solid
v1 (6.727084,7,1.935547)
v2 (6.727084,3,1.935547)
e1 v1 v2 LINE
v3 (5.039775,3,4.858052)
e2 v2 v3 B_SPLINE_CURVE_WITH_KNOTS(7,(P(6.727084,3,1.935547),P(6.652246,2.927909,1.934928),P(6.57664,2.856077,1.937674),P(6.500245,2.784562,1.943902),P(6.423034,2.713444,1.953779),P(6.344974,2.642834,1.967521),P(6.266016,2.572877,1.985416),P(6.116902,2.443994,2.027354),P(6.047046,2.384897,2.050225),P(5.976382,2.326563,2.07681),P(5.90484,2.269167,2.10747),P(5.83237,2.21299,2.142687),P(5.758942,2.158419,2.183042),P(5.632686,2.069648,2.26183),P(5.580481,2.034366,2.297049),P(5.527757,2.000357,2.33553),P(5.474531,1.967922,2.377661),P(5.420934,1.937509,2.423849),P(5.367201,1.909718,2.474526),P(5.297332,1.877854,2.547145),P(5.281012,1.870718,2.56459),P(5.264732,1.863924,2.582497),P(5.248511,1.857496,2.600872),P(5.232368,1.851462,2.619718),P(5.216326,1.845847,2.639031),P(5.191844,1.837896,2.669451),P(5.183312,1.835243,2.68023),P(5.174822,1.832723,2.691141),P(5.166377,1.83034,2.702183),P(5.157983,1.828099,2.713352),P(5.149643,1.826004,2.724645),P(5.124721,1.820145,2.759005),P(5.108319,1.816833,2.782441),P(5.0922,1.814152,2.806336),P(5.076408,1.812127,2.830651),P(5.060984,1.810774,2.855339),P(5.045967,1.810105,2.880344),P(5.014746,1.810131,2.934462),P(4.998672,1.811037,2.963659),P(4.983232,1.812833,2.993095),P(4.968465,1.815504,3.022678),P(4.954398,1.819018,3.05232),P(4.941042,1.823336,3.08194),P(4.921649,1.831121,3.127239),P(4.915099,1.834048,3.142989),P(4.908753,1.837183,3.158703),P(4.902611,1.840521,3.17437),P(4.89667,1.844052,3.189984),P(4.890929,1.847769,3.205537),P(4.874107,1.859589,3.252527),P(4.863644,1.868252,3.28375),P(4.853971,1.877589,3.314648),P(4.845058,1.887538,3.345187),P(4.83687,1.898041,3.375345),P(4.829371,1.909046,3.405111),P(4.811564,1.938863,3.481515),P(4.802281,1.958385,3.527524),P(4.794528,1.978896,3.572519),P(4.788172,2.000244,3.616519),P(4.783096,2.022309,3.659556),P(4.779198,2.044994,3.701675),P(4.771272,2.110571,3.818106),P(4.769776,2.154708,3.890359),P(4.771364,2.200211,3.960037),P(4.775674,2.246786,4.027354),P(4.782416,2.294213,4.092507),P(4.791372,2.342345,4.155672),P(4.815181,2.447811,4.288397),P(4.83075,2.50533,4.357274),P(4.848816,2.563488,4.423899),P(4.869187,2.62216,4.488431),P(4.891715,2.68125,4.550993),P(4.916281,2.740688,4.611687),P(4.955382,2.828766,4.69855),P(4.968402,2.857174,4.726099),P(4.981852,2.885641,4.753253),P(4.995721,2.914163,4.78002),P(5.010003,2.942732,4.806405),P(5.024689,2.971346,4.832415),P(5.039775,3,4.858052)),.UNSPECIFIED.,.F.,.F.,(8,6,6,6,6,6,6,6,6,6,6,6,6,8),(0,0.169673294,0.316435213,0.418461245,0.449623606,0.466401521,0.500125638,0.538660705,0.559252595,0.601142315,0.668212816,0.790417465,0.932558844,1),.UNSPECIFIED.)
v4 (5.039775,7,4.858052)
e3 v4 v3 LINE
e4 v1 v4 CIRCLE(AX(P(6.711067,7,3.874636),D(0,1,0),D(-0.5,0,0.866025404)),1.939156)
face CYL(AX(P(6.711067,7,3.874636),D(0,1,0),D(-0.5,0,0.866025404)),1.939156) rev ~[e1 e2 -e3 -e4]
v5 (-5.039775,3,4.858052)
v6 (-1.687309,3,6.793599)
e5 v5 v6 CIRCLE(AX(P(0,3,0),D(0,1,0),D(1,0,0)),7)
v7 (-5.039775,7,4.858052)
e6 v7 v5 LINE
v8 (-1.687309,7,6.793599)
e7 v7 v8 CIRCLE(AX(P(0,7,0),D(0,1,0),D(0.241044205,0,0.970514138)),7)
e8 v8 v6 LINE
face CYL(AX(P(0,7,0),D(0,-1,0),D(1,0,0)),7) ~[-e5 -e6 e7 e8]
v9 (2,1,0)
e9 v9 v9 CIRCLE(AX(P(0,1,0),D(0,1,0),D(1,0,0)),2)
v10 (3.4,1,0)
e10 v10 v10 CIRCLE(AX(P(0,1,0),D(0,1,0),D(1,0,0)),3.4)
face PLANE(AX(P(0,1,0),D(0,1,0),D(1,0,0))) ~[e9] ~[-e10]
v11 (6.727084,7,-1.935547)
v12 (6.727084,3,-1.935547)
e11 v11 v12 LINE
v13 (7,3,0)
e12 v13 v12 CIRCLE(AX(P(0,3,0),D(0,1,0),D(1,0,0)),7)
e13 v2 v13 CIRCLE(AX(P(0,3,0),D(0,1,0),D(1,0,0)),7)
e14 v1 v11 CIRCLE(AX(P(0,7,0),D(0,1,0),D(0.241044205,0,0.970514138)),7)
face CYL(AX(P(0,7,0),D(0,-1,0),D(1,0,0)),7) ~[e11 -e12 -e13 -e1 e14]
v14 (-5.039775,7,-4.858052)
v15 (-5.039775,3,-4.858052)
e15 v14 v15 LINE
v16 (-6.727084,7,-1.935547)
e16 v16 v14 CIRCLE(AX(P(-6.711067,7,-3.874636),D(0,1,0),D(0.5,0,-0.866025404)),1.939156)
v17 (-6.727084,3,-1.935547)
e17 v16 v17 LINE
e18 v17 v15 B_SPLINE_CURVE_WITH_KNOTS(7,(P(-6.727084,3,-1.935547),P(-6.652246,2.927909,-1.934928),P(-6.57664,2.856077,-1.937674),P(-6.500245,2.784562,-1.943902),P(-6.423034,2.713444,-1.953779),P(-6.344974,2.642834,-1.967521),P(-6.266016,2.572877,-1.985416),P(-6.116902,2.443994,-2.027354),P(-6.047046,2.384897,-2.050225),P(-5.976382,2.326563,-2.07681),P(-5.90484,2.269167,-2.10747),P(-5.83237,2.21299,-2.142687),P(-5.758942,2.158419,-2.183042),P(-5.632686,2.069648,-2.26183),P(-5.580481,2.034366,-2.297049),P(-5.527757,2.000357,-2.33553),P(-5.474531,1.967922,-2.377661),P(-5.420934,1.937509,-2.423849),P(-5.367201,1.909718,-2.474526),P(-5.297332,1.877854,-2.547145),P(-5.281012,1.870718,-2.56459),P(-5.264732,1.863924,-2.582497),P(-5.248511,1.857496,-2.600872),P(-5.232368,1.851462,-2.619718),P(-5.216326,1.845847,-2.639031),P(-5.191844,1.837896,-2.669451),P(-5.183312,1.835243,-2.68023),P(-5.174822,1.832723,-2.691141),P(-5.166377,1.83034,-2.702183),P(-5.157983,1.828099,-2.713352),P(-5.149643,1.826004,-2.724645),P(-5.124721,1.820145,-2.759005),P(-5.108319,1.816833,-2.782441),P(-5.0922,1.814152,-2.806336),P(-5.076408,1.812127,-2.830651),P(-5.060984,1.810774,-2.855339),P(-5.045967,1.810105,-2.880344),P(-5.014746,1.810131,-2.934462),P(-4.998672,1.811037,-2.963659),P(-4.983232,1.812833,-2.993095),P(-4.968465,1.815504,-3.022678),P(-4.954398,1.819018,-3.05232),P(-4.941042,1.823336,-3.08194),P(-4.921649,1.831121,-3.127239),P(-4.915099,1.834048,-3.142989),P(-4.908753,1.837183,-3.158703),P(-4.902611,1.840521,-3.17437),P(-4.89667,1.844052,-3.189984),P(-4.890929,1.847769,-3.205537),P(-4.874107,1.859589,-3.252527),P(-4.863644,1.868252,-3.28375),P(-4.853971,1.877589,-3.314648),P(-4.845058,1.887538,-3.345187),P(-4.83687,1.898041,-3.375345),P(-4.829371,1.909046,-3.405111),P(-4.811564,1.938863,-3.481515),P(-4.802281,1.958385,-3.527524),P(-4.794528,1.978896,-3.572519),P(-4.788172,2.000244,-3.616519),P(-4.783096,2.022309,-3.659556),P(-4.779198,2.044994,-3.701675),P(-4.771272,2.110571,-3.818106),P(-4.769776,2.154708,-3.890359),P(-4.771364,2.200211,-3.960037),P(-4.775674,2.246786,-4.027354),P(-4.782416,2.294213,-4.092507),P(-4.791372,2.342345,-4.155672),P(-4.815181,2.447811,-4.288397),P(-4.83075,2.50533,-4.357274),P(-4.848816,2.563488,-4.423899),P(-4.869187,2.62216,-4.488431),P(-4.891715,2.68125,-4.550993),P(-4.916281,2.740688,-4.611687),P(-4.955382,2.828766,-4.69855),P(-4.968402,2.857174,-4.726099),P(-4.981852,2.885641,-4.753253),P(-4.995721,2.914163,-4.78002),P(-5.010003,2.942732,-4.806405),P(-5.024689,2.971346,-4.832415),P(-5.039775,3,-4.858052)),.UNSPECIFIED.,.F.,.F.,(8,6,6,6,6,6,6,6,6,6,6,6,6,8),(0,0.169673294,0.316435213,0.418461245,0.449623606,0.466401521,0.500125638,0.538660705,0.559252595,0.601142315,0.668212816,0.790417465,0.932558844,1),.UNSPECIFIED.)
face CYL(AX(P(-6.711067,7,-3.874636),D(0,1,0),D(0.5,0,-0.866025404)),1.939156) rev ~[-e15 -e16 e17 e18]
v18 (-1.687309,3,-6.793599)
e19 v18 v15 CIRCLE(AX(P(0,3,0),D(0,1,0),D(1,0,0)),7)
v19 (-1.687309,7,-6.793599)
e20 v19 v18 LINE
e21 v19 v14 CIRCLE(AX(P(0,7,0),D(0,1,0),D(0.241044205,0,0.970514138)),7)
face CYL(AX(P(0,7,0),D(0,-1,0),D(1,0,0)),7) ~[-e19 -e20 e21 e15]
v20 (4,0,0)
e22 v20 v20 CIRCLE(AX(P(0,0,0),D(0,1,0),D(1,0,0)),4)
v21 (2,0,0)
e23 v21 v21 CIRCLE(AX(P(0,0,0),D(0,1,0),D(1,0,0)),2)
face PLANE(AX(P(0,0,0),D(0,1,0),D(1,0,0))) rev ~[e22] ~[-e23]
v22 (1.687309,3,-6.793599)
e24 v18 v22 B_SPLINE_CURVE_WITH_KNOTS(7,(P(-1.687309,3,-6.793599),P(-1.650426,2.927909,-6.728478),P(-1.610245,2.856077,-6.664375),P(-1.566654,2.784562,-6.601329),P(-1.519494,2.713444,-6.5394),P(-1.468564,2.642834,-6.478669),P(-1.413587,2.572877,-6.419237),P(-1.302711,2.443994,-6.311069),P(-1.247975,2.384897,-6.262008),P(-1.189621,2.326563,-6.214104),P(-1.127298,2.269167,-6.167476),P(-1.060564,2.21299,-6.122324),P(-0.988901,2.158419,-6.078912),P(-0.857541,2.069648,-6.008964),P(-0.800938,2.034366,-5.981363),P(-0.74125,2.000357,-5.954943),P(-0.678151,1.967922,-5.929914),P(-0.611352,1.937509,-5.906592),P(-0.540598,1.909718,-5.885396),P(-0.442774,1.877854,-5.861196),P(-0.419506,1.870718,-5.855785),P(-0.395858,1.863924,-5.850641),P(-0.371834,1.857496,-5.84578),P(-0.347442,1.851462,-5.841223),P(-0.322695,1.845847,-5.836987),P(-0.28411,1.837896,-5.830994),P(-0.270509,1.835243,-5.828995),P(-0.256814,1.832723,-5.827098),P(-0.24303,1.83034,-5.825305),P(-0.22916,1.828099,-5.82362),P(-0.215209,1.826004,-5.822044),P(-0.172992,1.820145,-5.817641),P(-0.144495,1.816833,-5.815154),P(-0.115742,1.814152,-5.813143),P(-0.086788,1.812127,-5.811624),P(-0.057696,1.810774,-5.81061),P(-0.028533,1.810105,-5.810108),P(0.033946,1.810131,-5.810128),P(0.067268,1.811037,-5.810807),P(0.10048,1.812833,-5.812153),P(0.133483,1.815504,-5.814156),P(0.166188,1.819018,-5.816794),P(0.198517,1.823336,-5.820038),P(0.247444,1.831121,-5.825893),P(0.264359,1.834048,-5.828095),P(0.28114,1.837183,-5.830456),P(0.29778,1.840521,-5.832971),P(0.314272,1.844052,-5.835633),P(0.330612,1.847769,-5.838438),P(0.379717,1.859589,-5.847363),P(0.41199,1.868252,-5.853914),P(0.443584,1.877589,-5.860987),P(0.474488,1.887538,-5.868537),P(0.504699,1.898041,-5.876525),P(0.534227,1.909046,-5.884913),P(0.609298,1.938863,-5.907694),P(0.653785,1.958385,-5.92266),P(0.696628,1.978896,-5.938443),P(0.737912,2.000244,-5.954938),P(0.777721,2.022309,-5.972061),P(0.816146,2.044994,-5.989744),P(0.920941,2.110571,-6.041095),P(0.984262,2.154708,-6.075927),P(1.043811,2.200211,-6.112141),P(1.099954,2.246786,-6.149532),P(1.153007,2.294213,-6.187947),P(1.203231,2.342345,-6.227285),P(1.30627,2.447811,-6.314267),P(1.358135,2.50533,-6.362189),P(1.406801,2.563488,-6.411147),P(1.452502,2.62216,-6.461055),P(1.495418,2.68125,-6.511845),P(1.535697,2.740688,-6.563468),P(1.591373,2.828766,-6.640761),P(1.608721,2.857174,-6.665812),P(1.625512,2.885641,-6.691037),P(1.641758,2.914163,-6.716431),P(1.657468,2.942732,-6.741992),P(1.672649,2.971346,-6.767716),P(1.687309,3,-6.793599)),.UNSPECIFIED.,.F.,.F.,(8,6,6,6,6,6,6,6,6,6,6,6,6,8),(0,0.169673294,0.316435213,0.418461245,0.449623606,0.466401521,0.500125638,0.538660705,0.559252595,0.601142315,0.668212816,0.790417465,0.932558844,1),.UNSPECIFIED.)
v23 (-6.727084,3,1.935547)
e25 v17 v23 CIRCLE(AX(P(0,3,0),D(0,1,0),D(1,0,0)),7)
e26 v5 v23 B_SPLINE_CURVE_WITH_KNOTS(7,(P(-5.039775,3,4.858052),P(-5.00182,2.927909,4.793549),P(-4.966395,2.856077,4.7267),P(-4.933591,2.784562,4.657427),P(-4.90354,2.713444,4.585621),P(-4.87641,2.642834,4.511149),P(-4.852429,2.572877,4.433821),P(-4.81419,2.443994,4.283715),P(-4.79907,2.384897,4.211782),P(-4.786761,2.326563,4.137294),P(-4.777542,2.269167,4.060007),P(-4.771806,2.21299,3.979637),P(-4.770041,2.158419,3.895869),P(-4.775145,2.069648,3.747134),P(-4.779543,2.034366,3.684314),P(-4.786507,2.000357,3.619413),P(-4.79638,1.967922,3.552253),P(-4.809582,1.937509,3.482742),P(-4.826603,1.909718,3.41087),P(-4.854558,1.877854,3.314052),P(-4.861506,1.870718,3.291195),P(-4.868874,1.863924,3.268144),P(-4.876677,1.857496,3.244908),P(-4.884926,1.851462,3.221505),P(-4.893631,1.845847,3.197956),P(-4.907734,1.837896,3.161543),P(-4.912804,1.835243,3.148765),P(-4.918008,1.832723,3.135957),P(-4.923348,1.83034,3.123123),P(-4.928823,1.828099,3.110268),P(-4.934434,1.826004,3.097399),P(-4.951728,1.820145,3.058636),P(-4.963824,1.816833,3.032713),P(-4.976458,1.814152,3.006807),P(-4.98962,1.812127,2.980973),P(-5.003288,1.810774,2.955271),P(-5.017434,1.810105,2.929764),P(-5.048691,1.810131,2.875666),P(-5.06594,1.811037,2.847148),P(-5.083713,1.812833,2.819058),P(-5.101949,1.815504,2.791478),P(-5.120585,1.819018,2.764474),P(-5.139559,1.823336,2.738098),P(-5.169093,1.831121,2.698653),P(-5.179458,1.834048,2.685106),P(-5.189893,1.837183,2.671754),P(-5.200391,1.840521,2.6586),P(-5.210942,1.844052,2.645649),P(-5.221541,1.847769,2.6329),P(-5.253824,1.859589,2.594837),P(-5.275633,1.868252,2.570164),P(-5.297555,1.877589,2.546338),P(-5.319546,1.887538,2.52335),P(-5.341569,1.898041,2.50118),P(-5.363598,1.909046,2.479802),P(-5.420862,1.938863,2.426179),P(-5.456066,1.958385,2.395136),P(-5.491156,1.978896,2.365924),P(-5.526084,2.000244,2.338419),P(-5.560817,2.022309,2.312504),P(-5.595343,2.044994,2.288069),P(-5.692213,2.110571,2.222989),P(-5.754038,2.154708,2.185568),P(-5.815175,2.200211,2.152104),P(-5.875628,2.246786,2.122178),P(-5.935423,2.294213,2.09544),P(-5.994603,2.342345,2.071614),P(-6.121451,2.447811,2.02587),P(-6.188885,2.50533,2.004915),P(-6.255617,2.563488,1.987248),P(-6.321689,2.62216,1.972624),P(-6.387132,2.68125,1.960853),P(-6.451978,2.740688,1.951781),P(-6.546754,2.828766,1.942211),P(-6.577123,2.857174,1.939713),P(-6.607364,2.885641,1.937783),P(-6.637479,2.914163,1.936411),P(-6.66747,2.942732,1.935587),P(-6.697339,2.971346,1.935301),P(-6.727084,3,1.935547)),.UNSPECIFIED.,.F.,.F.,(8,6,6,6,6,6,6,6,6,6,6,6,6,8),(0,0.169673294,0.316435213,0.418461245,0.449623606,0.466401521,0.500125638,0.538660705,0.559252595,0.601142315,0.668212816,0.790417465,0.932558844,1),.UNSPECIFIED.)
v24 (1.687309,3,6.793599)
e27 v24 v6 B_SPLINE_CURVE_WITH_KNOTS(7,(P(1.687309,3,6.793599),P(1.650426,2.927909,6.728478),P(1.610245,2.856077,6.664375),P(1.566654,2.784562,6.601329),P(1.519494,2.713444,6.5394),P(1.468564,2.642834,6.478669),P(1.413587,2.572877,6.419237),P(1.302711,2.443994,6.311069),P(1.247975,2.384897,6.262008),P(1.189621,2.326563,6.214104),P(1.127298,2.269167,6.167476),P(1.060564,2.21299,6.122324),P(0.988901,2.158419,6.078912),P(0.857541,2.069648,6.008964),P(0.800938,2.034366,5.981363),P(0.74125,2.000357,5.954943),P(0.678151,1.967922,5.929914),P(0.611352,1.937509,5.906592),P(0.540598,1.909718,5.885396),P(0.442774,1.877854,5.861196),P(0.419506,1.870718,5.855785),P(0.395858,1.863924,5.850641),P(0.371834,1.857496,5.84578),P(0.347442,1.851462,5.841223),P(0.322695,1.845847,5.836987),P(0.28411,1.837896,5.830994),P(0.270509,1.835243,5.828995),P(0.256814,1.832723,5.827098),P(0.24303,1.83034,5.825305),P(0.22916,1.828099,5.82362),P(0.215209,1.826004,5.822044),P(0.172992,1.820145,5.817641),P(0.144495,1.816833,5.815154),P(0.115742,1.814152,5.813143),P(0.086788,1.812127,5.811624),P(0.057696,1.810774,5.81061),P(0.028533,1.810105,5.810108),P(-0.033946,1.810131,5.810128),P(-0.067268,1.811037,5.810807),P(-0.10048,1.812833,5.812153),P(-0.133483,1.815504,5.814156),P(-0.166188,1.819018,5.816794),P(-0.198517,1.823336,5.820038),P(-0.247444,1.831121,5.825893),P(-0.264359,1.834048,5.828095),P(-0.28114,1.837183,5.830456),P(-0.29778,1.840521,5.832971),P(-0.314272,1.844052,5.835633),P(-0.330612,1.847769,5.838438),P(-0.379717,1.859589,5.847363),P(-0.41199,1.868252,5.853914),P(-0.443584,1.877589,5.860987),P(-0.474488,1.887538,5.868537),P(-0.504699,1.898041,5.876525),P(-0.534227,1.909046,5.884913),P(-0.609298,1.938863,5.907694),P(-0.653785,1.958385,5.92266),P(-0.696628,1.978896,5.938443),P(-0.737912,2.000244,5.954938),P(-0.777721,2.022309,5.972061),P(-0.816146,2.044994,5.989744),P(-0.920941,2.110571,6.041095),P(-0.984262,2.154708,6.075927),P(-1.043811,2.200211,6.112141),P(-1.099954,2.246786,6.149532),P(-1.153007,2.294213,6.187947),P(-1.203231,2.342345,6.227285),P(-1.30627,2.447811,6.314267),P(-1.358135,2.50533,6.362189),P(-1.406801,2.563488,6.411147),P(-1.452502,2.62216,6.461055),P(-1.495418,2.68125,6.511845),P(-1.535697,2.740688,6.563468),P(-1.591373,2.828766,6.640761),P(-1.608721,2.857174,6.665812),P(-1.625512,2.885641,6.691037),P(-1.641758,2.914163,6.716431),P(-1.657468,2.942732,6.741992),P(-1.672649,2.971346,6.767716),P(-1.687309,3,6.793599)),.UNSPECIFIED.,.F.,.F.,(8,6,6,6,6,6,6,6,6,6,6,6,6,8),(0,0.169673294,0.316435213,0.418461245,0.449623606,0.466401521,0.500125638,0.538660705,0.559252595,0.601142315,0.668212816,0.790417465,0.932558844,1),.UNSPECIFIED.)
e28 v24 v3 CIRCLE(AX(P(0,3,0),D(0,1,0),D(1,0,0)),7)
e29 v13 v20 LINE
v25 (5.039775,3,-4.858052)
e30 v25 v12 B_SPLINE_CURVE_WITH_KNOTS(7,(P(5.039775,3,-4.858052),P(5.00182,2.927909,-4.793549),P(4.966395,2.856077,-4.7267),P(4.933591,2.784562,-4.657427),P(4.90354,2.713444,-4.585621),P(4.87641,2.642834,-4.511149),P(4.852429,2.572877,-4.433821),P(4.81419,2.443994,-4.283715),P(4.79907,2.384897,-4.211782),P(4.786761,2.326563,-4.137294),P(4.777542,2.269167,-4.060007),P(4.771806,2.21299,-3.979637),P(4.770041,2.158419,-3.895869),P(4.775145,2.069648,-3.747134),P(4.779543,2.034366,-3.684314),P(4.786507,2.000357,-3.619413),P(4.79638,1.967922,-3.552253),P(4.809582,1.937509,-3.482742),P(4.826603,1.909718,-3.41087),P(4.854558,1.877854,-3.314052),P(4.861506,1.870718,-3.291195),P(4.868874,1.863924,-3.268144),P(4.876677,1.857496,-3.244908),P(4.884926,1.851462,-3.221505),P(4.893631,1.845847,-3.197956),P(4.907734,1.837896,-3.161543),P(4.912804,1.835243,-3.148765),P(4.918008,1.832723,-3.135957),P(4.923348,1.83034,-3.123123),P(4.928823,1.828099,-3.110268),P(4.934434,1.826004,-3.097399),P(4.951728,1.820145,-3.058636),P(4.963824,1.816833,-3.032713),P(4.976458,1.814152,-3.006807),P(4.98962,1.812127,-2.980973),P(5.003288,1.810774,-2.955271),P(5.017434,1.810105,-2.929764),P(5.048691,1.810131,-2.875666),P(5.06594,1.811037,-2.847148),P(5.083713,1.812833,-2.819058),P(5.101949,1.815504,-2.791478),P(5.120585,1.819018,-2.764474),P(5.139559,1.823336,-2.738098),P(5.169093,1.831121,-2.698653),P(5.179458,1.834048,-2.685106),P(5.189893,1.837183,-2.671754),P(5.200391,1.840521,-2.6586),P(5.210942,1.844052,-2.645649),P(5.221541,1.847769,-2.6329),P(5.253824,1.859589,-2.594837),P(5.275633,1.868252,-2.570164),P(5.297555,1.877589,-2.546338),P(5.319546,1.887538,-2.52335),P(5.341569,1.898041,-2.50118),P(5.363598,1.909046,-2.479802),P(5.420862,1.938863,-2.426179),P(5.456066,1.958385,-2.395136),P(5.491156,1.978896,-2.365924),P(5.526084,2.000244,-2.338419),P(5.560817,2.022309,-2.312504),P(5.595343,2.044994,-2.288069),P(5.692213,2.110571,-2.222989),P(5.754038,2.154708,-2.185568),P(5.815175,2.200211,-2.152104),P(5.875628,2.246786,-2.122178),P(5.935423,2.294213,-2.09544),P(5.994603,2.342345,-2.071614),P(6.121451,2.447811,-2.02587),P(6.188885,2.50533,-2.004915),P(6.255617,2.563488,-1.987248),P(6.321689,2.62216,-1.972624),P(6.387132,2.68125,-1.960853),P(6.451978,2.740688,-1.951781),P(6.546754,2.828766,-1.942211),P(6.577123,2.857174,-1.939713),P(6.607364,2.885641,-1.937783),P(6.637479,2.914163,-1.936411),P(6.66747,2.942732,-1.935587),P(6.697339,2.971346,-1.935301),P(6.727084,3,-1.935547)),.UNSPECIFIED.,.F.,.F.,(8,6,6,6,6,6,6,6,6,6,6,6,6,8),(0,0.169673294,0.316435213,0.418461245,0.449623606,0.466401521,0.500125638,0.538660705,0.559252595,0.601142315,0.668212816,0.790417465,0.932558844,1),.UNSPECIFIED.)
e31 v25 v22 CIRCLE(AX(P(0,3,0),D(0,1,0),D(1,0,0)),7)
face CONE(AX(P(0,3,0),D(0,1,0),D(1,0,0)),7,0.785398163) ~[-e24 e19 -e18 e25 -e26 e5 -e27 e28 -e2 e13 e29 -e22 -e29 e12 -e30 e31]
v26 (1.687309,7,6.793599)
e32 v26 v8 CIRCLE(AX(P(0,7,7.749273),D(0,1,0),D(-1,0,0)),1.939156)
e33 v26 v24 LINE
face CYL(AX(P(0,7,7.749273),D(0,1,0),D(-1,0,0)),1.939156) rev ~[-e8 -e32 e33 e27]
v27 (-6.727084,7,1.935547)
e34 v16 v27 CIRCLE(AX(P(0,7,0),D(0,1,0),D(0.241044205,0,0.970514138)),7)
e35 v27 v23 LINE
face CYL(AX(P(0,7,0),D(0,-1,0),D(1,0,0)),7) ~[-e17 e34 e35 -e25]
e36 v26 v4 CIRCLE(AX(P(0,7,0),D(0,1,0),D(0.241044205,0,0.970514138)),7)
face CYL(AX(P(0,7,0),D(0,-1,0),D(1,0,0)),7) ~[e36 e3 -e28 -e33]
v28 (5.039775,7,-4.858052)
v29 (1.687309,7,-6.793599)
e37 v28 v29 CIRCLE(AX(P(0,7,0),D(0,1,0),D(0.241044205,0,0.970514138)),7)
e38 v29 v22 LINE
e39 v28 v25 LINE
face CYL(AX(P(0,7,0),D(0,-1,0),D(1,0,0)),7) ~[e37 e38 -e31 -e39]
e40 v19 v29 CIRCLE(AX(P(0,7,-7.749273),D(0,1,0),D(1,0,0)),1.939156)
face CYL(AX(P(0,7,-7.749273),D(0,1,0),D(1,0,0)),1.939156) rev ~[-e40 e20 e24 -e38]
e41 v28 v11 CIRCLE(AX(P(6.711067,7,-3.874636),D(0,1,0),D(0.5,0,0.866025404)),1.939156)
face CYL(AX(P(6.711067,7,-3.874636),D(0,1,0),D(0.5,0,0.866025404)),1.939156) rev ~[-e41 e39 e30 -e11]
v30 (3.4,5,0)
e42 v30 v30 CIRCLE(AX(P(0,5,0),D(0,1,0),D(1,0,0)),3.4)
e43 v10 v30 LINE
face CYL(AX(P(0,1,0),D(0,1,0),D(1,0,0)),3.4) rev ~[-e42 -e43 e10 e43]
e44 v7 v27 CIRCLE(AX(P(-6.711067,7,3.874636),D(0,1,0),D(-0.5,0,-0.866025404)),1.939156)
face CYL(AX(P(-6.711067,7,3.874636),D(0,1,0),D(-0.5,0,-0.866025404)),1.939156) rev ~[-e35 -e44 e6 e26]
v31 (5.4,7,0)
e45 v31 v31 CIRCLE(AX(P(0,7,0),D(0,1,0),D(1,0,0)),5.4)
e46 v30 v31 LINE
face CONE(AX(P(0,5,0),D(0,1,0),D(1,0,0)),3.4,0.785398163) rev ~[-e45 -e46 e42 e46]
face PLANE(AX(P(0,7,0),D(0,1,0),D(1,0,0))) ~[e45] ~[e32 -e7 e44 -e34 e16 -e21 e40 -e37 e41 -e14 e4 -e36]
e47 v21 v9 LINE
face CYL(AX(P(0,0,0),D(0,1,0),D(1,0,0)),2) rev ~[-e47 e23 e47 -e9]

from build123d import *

# Parameters (mm, degrees)
CHAMFER_SIZE       = 2
SKETCH003_R        = 1.939156
POCKET001_DEPTH    = 49.001
POLARPATTERN_COUNT = 6


with BuildPart() as part:
    # Sketch002 → Revolution (revolve)
    with BuildSketch(Plane.XY):
        Polygon((2, 0), (2, 1), (3.4, 1), (3.4, 7), (7, 7), (7, 3), (4, 0), align=None)
    revolve(axis=Axis((0, 0, 0), (0, 1, 0)))

    # Chamfer
    chamfer_edges = [part.edges().sort_by_distance(p)[0] for p in [
        (-3.4, 7, 0),
    ]]
    chamfer(chamfer_edges, length=CHAMFER_SIZE)

    # Sketch003 (on Face4 of Chamfer) → Pocket001 (cut, through all)
    with BuildSketch(Plane(origin=(0, 7, 0), x_dir=(-1, 0, 0), z_dir=(0, 1, 0))):
        with Locations((0, 7.749273)):
            Circle(SKETCH003_R)
    pocket001 = extrude(amount=-POCKET001_DEPTH, mode=Mode.SUBTRACT)

    # PolarPattern: Pocket001 ×6 about axis
    polarpattern_axis = Axis((0, 7, 0), (0, 1, 0))
    for i in range(1, POLARPATTERN_COUNT):
        add(pocket001.rotate(polarpattern_axis, i * 360 / POLARPATTERN_COUNT), mode=Mode.SUBTRACT)


solid = part.part
